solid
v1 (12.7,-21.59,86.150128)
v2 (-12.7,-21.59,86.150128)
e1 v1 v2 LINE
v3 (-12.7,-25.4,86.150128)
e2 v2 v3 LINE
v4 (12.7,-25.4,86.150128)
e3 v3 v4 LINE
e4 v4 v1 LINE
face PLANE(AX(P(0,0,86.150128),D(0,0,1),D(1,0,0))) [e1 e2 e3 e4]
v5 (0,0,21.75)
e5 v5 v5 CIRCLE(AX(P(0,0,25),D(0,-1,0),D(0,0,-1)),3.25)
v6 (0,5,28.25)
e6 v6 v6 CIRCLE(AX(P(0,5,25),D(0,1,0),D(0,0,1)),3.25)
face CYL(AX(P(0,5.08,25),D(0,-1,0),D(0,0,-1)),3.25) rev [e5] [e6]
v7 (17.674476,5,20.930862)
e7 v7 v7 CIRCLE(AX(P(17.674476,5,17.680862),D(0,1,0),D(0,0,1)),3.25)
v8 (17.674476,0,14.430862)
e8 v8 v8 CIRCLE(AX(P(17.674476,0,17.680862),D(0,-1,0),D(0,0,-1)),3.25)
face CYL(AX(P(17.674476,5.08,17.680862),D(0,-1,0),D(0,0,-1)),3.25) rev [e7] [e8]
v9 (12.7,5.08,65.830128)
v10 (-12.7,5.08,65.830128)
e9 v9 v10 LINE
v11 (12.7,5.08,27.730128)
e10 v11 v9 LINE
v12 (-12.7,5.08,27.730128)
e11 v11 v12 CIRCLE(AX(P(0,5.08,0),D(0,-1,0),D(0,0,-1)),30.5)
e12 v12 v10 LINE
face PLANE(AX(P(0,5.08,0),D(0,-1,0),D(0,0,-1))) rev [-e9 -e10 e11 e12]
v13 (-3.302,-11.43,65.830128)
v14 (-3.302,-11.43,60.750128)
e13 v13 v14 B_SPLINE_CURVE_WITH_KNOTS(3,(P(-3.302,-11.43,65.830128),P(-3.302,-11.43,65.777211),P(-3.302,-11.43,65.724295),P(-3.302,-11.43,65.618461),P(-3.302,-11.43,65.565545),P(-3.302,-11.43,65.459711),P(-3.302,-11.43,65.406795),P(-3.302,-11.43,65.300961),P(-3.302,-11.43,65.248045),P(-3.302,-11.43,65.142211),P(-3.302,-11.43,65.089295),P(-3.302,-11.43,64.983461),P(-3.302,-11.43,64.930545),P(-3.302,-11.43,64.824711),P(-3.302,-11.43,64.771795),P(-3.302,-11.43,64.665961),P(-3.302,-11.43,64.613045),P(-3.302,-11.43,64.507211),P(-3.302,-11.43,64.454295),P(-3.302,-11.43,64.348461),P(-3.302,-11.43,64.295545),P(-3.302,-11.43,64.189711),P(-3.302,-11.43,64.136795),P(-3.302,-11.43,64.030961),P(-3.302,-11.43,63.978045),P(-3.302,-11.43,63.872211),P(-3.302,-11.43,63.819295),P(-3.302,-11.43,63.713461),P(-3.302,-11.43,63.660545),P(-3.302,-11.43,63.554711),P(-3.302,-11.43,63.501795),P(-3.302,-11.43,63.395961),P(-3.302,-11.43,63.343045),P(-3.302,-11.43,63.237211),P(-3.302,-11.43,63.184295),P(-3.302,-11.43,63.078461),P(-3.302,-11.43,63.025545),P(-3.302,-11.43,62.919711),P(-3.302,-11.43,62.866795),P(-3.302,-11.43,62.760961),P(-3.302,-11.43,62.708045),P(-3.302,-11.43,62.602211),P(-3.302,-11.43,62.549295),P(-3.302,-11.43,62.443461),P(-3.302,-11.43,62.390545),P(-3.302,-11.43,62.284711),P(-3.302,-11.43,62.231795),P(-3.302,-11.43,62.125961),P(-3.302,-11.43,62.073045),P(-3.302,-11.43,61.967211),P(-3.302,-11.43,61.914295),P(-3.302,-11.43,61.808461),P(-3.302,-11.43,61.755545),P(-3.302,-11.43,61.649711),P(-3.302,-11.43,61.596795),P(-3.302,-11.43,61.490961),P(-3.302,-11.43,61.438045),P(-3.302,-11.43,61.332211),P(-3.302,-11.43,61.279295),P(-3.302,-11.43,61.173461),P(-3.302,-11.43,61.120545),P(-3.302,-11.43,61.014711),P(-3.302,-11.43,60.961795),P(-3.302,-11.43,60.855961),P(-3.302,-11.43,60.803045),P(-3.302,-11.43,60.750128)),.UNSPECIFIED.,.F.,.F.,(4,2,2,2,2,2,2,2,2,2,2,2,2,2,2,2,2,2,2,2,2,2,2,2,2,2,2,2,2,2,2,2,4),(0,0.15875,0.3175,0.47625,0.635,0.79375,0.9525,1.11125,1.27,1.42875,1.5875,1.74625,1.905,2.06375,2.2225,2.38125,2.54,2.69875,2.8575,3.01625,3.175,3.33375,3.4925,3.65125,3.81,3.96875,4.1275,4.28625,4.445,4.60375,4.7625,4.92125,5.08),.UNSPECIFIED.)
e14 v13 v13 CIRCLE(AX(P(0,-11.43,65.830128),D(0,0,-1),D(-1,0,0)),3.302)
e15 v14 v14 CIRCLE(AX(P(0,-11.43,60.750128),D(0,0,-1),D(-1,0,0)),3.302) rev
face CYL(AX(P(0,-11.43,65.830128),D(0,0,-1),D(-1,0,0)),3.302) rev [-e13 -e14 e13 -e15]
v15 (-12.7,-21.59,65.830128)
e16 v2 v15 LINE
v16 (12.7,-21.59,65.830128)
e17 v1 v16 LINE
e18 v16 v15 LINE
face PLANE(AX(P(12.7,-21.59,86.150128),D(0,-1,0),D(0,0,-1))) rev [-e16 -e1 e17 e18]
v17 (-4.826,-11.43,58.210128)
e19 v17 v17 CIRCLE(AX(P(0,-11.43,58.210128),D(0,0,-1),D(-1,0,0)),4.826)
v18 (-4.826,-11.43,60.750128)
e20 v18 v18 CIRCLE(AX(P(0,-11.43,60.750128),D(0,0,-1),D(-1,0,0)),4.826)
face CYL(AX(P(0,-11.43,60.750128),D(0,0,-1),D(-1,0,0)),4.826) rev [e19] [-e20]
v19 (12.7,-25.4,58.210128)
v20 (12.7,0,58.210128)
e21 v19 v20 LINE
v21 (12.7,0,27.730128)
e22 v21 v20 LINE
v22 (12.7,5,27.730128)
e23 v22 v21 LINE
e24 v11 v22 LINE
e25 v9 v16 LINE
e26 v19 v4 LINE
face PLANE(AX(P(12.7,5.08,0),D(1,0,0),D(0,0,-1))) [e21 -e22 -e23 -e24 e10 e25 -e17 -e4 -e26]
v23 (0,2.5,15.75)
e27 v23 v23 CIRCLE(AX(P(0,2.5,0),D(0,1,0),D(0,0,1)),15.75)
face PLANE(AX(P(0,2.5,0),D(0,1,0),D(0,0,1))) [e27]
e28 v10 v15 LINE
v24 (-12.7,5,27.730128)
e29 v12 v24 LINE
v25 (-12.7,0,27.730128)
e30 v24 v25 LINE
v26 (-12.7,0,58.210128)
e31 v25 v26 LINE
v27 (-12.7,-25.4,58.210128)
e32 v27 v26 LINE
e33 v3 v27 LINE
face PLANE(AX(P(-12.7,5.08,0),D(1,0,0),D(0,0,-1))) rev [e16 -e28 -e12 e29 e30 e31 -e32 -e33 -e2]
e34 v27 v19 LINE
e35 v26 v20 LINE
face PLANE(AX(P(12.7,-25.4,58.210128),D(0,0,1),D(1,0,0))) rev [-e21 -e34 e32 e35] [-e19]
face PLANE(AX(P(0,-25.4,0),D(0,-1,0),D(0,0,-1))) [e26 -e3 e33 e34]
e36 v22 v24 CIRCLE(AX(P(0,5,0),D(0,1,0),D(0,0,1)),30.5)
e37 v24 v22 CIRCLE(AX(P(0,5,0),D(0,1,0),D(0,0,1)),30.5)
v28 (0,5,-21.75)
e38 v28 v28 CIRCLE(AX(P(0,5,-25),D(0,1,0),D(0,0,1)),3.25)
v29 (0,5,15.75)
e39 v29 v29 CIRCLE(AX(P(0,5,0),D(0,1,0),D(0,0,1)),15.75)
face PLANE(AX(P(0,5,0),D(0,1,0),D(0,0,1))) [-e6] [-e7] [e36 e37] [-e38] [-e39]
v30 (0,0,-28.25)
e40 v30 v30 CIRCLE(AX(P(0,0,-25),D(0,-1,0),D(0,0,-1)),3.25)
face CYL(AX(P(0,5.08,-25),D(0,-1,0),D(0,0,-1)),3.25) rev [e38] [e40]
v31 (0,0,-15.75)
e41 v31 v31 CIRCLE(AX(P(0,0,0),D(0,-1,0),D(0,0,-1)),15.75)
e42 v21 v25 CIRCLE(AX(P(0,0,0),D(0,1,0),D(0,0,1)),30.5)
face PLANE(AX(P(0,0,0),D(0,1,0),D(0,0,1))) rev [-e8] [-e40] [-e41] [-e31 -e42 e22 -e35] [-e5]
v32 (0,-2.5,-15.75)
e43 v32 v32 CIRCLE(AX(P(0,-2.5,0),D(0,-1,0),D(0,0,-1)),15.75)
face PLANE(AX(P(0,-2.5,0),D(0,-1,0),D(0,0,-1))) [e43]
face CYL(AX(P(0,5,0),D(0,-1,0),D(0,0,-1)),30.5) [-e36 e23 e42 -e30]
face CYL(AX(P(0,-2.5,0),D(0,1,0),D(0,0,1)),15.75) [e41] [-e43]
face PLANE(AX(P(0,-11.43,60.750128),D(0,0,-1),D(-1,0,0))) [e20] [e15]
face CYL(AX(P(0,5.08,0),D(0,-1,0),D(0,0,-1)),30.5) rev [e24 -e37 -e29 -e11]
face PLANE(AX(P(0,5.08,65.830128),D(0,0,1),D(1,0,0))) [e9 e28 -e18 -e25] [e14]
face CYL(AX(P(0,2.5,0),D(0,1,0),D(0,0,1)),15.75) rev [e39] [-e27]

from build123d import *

# Parameters (mm, degrees)
SKETCH1_R           = 30.5
BOSS_EXTRUDE1_DEPTH = 5
SKETCH2_R           = 15.75
CUT_EXTRUDE1_DEPTH  = 2.5
SKETCH3_R           = 15.75
BOSS_EXTRUDE2_DEPTH = 2.5
SKETCH4_R           = 3.25
CUT_EXTRUDE2_DEPTH  = 5.08
SKETCH5_R           = 3.25
CUT_EXTRUDE3_DEPTH  = 5.08
SKETCH6_R           = 3.25
CUT_EXTRUDE4_DEPTH  = 5.08
BOSS_EXTRUDE3_DEPTH = 5.08
SKETCH8_W           = 25.4
SKETCH8_H           = 7.62
BOSS_EXTRUDE4_DEPTH = 25.4
SKETCH9_W           = 25.4
SKETCH9_H           = 3.81
BOSS_EXTRUDE5_DEPTH = 20.32
CUT_EXTRUDE5_DEPTH  = 7.62
SKETCH11_R          = 4.826
CUT_EXTRUDE6_DEPTH  = 2.54


with BuildPart() as part:
    # Sketch1 → Boss-Extrude1 (new body)
    with BuildSketch(Plane(origin=(0, 0, 0), x_dir=(1, 0, 0), z_dir=(0, 1, 0))):
        with Locations(Location((0, 0, 0), (0, 0, 270))):
            Circle(SKETCH1_R)
    extrude(amount=BOSS_EXTRUDE1_DEPTH)

    # Sketch2 → Cut-Extrude1 (cut)
    with BuildSketch(Plane(origin=(0, 5, 0), x_dir=(1, 0, 0), z_dir=(0, 1, 0))):
        with Locations(Location((0, 0, 0), (0, 0, 270))):
            Circle(SKETCH2_R)
    extrude(amount=-CUT_EXTRUDE1_DEPTH, mode=Mode.SUBTRACT)

    # Sketch3 → Boss-Extrude2 (add)
    with BuildSketch(Plane.XZ):
        with Locations(Location((0, 0, 0), (0, 0, 90))):
            Circle(SKETCH3_R)
    extrude(amount=BOSS_EXTRUDE2_DEPTH)

    # Sketch4 → Cut-Extrude2 (cut)
    with BuildSketch(Plane(origin=(0, 0, 0), x_dir=(-1, 0, 0), z_dir=(0, -1, 0))):
        with Locations(Location((0, 25, 0), (0, 0, 90))):
            Circle(SKETCH4_R)
    extrude(amount=-CUT_EXTRUDE2_DEPTH, mode=Mode.SUBTRACT)

    # Sketch5 → Cut-Extrude3 (cut)
    with BuildSketch(Plane.XZ):
        with Locations(Location((0, 25, 0), (0, 0, 270))):
            Circle(SKETCH5_R)
    extrude(amount=-CUT_EXTRUDE3_DEPTH, mode=Mode.SUBTRACT)

    # Sketch6 → Cut-Extrude4 (cut)
    with BuildSketch(Plane.XZ):
        with Locations(Location((17.674476483, 17.680862, 0), (0, 0, 270))):
            Circle(SKETCH6_R)
    extrude(amount=-CUT_EXTRUDE4_DEPTH, mode=Mode.SUBTRACT)

    # Sketch7 → Boss-Extrude3 (add)
    with BuildSketch(Plane(origin=(0, 0, 0), x_dir=(-1, 0, 0), z_dir=(0, -1, 0))):
        with BuildLine():
            ThreePointArc((12.7, -27.73012802), (6.499272859, -29.79948745), (0, -30.5))
            ThreePointArc((0, -30.5), (-6.499272859, -29.79948745), (-12.7, -27.73012802))
            Line((-12.7, -27.73012802), (-12.7, -65.83012802))
            Line((-12.7, -65.83012802), (12.7, -65.83012802))
            Line((12.7, -65.83012802), (12.7, -27.73012802))
        make_face()
    extrude(amount=-BOSS_EXTRUDE3_DEPTH)

    # Sketch8 → Boss-Extrude4 (add)
    with BuildSketch(Plane.XZ):
        with Locations((0, 62.02012802)):
            Rectangle(SKETCH8_W, SKETCH8_H)
    extrude(amount=BOSS_EXTRUDE4_DEPTH)

    # Sketch9 → Boss-Extrude5 (add)
    with BuildSketch(Plane.XY.offset(65.83012802)):
        with Locations((0, -23.495)):
            Rectangle(SKETCH9_W, SKETCH9_H)
    extrude(amount=BOSS_EXTRUDE5_DEPTH)

    # Sketch10 → Cut-Extrude5 (cut)
    with BuildSketch(Plane(origin=(0, 0, 58.21012802), x_dir=(-1, 0, 0), z_dir=(0, 0, -1))):
        with BuildLine():
            ThreePointArc((0, -8.128), (-3.302, -11.43), (0, -14.732))
            Line((0, -14.732), (0, -8.128))
        make_face()
        with BuildLine():
            Line((0, -8.128), (0, -14.732))
            ThreePointArc((0, -14.732), (2.334866591, -13.764866591), (3.302, -11.43))
            ThreePointArc((3.302, -11.43), (2.334866591, -9.095133409), (0, -8.128))
        make_face()
    extrude(amount=-CUT_EXTRUDE5_DEPTH, mode=Mode.SUBTRACT)

    # Sketch11 → Cut-Extrude6 (cut)
    with BuildSketch(Plane(origin=(0, 0, 58.21012802), x_dir=(-1, 0, 0), z_dir=(0, 0, -1))):
        with Locations((0, -11.43)):
            Circle(SKETCH11_R)
    extrude(amount=-CUT_EXTRUDE6_DEPTH, mode=Mode.SUBTRACT)


solid = part.part
